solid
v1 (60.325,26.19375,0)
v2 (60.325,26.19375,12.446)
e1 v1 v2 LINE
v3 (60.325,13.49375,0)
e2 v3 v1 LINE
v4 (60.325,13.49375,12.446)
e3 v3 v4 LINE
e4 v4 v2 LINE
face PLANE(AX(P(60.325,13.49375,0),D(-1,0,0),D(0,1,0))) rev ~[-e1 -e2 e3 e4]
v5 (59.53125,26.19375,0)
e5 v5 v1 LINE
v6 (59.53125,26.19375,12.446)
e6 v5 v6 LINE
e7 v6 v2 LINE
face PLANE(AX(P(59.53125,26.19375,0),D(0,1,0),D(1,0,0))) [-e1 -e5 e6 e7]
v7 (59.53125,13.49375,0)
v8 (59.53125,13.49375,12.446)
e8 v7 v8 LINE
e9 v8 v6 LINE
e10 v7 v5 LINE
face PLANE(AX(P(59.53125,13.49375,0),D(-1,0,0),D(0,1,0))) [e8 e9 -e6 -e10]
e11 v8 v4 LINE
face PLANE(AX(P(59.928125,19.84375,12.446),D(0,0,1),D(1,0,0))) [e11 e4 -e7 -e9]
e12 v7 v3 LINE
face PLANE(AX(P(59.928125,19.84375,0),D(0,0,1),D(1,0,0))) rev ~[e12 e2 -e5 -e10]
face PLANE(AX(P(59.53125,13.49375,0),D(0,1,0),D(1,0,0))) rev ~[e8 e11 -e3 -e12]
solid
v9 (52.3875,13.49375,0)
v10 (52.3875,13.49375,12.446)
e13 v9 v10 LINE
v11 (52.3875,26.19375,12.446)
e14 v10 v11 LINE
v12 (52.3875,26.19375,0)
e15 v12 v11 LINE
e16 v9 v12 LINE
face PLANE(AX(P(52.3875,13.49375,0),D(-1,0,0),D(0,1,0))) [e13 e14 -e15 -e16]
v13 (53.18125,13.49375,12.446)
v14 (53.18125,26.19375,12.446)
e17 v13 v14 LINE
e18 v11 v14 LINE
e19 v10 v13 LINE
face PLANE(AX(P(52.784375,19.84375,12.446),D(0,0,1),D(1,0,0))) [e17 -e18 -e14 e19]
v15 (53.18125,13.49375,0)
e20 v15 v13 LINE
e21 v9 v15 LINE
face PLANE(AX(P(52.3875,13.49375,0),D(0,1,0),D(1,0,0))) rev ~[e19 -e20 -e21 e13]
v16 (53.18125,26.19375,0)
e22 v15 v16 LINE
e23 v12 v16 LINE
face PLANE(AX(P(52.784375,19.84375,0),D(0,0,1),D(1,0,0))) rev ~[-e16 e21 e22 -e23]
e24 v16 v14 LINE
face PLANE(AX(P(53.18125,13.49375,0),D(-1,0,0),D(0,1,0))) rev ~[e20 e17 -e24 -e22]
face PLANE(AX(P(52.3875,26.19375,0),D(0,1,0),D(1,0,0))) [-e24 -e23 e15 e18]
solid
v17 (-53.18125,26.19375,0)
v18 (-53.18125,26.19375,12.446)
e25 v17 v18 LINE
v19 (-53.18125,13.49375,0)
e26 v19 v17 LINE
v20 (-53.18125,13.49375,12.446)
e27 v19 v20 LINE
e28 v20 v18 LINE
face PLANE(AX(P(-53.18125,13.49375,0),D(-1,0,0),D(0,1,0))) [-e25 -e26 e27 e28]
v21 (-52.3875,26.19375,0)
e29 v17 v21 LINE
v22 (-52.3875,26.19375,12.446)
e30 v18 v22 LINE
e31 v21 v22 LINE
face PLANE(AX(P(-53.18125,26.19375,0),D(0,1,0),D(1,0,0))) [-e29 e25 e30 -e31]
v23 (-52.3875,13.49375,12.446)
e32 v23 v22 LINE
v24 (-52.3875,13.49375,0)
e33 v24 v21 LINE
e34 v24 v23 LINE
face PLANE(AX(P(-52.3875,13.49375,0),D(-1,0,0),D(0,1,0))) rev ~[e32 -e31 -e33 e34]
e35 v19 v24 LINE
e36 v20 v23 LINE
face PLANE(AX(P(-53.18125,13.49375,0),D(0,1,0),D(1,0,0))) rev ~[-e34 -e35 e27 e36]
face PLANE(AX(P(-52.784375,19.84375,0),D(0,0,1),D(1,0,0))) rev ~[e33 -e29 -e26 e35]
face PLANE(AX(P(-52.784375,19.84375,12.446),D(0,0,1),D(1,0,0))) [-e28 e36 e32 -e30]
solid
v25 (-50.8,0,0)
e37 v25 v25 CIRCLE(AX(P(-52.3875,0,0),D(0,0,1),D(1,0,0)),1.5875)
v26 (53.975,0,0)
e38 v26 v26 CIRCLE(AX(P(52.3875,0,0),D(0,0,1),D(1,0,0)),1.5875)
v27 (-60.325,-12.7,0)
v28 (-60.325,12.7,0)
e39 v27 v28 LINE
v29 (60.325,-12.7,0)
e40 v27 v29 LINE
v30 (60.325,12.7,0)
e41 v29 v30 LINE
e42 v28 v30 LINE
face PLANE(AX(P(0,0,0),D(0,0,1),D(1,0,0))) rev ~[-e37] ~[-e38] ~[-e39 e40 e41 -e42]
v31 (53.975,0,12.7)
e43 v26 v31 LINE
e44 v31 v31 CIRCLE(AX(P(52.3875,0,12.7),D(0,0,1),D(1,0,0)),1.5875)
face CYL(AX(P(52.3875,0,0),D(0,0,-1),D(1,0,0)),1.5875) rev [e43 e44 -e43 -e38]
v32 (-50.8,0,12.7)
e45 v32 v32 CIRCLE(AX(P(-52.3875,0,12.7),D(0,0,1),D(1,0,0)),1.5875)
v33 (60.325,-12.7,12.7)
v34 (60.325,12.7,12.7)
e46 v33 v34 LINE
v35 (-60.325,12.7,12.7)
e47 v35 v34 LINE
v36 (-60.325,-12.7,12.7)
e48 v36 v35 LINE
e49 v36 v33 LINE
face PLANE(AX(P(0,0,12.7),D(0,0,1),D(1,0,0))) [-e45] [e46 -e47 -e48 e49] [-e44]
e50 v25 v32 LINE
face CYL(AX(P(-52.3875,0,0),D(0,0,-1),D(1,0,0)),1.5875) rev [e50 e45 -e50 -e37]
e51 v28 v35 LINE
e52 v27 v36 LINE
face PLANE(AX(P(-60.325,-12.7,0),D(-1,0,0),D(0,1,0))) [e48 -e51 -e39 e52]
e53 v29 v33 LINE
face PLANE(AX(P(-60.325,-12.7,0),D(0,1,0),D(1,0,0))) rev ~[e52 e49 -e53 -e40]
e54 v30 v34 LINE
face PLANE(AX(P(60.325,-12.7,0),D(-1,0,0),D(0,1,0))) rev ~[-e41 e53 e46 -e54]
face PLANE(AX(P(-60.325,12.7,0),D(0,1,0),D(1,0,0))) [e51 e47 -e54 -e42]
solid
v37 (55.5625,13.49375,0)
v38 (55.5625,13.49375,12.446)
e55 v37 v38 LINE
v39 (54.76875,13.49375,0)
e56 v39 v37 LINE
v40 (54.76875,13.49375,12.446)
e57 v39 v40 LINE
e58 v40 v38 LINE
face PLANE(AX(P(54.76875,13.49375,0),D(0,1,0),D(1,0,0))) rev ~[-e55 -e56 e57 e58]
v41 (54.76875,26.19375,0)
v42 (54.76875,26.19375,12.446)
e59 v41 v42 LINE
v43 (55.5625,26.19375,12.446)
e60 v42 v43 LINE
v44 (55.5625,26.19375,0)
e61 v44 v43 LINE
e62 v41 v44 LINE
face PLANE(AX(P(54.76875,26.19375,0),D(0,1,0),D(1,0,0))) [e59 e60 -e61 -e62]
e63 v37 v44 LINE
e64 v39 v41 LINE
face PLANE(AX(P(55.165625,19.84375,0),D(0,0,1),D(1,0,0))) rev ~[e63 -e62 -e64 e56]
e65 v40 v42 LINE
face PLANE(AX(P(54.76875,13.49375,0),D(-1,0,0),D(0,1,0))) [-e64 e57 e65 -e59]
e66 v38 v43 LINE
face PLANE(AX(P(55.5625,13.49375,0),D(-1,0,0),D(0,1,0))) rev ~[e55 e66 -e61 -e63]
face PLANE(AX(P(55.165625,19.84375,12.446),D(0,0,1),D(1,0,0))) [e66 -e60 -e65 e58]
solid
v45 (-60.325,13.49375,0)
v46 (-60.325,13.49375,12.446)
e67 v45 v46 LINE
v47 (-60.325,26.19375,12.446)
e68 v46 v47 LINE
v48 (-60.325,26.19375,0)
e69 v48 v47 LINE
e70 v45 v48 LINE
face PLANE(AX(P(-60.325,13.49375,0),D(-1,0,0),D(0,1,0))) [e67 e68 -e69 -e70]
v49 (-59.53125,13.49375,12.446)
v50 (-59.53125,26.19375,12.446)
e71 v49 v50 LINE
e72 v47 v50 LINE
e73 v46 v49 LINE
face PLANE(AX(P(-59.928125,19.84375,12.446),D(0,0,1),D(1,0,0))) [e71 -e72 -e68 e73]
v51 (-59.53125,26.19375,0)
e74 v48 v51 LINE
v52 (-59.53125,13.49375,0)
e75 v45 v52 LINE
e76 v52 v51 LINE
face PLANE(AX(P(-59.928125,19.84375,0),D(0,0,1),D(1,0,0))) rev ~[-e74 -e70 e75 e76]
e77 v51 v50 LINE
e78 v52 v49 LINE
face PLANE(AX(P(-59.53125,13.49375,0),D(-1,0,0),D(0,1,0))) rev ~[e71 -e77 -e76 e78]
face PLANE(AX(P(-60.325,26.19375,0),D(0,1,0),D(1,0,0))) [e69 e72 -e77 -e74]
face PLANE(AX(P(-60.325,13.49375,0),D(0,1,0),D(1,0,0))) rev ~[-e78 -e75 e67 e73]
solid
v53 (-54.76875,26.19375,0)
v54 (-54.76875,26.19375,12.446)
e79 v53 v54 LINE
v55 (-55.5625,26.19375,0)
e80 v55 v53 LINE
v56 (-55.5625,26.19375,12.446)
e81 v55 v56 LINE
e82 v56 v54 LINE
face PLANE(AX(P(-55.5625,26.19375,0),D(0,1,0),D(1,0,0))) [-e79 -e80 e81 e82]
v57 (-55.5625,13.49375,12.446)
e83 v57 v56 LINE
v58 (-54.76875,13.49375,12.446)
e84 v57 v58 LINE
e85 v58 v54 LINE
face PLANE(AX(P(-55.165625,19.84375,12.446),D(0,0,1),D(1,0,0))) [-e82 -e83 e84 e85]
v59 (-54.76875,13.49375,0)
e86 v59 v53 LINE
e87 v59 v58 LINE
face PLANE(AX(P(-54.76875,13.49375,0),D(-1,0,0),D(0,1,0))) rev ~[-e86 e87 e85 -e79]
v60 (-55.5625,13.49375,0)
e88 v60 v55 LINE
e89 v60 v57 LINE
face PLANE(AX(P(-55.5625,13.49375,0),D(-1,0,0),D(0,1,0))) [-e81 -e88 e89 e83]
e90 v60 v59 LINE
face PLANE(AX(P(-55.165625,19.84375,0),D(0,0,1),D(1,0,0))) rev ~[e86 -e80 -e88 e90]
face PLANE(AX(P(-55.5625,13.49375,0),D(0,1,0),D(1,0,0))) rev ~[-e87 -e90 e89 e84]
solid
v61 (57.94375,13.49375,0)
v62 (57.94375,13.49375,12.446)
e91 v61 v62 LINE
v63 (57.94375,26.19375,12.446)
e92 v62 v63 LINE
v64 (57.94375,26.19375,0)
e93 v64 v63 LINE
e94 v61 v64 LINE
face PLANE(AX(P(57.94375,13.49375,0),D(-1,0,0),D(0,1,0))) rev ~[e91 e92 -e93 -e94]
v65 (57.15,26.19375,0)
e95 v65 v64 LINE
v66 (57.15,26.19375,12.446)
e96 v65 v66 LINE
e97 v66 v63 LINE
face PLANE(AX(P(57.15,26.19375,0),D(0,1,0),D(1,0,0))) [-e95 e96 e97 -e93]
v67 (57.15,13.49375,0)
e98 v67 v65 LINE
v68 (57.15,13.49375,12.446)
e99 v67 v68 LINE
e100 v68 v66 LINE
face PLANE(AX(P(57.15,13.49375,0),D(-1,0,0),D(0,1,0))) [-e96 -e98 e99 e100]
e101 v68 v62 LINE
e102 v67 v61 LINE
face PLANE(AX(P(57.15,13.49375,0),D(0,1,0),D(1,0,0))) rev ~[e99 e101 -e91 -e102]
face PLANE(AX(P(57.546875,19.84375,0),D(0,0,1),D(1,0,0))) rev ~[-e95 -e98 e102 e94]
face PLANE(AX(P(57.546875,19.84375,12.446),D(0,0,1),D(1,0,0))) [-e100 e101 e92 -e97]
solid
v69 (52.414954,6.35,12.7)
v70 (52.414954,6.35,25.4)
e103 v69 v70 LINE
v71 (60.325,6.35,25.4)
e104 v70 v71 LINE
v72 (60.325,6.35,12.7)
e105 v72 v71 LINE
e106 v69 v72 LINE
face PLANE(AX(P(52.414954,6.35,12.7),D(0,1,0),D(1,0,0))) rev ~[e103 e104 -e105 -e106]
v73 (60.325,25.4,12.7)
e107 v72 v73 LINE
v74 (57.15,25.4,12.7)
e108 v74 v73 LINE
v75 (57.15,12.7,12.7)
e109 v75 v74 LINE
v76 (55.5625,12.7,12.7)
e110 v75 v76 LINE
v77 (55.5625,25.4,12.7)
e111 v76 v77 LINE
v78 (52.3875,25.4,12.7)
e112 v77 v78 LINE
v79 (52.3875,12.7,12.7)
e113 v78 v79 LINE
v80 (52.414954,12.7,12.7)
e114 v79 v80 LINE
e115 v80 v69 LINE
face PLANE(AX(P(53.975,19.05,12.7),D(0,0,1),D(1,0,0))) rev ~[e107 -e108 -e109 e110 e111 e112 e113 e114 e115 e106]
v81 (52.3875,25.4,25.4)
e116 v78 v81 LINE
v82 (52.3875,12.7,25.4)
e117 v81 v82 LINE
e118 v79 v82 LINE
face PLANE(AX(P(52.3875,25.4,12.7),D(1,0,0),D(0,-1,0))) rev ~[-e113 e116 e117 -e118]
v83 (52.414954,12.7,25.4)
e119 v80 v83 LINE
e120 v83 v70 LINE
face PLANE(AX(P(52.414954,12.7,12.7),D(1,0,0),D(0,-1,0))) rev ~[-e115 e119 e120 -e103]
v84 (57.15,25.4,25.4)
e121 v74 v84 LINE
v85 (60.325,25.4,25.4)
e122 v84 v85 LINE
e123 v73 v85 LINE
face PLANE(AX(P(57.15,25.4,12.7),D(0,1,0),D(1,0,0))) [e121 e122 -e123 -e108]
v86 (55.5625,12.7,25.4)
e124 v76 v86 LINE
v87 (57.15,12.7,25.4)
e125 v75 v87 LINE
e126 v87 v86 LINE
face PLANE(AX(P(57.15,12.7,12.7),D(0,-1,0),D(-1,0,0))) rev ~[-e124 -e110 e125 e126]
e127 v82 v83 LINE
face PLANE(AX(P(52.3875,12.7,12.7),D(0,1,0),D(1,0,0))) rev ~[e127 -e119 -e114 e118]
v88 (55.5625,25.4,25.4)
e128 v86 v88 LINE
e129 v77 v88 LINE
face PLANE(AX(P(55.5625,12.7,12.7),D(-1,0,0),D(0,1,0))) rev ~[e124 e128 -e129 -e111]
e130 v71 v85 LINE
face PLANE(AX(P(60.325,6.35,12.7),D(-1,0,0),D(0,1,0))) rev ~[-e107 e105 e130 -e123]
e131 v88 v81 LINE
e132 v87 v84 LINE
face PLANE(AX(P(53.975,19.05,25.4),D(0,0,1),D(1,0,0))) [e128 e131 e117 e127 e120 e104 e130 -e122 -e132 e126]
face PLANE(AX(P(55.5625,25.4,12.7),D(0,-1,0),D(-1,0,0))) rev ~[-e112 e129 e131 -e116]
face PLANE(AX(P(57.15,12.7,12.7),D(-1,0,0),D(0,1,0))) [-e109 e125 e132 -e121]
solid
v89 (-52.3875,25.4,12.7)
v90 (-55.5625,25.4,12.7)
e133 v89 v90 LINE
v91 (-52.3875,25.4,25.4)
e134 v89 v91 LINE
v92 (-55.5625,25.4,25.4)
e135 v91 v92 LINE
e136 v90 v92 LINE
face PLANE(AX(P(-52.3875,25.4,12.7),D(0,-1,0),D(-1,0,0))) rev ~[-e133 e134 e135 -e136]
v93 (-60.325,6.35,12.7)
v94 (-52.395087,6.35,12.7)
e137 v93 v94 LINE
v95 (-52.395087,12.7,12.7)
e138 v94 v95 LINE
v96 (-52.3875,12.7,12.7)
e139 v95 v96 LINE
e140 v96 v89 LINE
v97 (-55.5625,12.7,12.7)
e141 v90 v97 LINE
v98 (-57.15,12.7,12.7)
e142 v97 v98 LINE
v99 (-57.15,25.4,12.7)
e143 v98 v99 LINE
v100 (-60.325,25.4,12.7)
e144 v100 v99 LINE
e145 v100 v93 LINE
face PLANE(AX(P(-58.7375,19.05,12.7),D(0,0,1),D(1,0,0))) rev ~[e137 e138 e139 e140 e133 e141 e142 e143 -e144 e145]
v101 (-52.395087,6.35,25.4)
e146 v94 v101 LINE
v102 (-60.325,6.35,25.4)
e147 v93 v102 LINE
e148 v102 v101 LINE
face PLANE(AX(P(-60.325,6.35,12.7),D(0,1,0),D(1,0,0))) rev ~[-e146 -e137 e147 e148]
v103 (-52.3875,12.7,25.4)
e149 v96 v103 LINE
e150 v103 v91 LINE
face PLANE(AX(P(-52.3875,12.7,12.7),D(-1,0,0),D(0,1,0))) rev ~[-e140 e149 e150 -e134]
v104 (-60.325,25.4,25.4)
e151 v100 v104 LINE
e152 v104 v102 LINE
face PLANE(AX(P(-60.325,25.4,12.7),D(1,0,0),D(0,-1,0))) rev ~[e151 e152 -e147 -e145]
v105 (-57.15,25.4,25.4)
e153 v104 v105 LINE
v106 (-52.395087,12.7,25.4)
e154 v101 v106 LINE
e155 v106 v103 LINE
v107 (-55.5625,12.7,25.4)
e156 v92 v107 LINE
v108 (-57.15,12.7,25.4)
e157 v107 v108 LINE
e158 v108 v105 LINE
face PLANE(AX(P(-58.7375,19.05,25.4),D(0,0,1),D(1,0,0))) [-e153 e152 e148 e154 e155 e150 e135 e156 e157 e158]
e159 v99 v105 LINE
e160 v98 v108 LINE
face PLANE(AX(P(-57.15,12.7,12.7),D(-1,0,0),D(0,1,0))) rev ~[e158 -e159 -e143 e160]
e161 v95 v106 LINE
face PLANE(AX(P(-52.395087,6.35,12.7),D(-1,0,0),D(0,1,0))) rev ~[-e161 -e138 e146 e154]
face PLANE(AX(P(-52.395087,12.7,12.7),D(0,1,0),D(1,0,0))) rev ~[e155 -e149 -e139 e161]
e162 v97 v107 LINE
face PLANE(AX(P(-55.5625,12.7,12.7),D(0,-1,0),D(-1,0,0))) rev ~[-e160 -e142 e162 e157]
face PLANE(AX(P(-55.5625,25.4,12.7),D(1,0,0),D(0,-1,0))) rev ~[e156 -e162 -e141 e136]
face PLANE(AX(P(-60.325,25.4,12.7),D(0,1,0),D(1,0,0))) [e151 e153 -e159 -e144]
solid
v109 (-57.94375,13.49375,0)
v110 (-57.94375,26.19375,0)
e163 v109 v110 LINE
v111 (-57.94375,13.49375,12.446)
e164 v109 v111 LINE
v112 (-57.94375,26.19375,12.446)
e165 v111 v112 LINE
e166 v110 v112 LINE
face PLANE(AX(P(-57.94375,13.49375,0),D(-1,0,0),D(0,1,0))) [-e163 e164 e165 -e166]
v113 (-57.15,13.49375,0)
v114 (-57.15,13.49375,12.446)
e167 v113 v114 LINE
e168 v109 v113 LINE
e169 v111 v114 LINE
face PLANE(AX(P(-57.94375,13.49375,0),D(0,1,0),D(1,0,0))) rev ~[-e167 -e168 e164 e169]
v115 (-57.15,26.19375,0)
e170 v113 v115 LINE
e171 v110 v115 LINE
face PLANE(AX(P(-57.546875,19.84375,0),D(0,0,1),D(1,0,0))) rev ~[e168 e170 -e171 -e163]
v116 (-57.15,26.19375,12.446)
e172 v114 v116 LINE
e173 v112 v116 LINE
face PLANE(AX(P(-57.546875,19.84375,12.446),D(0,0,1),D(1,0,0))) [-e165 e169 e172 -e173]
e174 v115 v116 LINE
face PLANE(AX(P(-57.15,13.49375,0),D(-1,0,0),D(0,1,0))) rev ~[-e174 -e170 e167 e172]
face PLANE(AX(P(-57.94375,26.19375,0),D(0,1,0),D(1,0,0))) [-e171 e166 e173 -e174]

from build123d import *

# Parameters (mm, degrees)
F0_W     = 120.65
F0_H     = 25.4
F0_R     = 1.5875
F1_DEPTH = 12.7
F0_W_2   = 0.79375
F0_H_2   = 12.7
F2_DEPTH = 12.446
F3_W     = 3.175
F3_H     = 12.7
F4_DEPTH = 12.7


with BuildPart() as f1:
    # F0 (on Top) → F1 (new body)
    with BuildSketch(Plane.XY):
        Rectangle(F0_W, F0_H)
        with Locations((-52.3875, 0)):
            Circle(F0_R, mode=Mode.SUBTRACT)
        with Locations((52.3875, 0)):
            Circle(F0_R, mode=Mode.SUBTRACT)
    extrude(amount=F1_DEPTH)


with BuildPart() as f2:
    # F0 (on Top) → F2 (new body)
    with BuildSketch(Plane.XY):
        with Locations((-59.928125, 19.84375)):
            Rectangle(F0_W_2, F0_H_2)
        with Locations((-57.546875, 19.84375)):
            Rectangle(F0_W_2, F0_H_2)
        with Locations((-55.165625, 19.84375)):
            Rectangle(F0_W_2, F0_H_2)
        with Locations((-52.784375, 19.84375)):
            Rectangle(F0_W_2, F0_H_2)
        with Locations((52.784375, 19.84375)):
            Rectangle(F0_W_2, F0_H_2)
        with Locations((55.165625, 19.84375)):
            Rectangle(F0_W_2, F0_H_2)
        with Locations((57.546875, 19.84375)):
            Rectangle(F0_W_2, F0_H_2)
        with Locations((59.928125, 19.84375)):
            Rectangle(F0_W_2, F0_H_2)
    extrude(amount=F2_DEPTH)


with BuildPart() as f4:
    # F3 (on face) → F4 (new body)
    with BuildSketch(Plane.XY.offset(12.7)):
        with Locations((-58.7375, 19.05)):
            Rectangle(F3_W, F3_H)
        Polygon((-55.5625, 25.4), (-55.5625, 12.7), (-52.395087, 12.7), (-52.3875, 12.7), (-52.3875, 25.4), align=None)
        Polygon((52.3875, 25.4), (52.3875, 12.7), (52.414954, 12.7), (55.5625, 12.7), (55.5625, 25.4), align=None)
        with Locations((58.7375, 19.05)):
            Rectangle(F3_W, F3_H)
        Polygon((-57.15, 12.7), (-60.325, 12.7), (-60.325, 6.35), (-52.395087, 6.35), (-52.395087, 12.7), (-55.5625, 12.7), align=None)
        Polygon((52.414954, 6.35), (60.325, 6.35), (60.325, 12.7), (57.15, 12.7), (55.5625, 12.7), (52.414954, 12.7), align=None)
    extrude(amount=F4_DEPTH)


solid = Compound([f1.part, f2.part, f4.part])
